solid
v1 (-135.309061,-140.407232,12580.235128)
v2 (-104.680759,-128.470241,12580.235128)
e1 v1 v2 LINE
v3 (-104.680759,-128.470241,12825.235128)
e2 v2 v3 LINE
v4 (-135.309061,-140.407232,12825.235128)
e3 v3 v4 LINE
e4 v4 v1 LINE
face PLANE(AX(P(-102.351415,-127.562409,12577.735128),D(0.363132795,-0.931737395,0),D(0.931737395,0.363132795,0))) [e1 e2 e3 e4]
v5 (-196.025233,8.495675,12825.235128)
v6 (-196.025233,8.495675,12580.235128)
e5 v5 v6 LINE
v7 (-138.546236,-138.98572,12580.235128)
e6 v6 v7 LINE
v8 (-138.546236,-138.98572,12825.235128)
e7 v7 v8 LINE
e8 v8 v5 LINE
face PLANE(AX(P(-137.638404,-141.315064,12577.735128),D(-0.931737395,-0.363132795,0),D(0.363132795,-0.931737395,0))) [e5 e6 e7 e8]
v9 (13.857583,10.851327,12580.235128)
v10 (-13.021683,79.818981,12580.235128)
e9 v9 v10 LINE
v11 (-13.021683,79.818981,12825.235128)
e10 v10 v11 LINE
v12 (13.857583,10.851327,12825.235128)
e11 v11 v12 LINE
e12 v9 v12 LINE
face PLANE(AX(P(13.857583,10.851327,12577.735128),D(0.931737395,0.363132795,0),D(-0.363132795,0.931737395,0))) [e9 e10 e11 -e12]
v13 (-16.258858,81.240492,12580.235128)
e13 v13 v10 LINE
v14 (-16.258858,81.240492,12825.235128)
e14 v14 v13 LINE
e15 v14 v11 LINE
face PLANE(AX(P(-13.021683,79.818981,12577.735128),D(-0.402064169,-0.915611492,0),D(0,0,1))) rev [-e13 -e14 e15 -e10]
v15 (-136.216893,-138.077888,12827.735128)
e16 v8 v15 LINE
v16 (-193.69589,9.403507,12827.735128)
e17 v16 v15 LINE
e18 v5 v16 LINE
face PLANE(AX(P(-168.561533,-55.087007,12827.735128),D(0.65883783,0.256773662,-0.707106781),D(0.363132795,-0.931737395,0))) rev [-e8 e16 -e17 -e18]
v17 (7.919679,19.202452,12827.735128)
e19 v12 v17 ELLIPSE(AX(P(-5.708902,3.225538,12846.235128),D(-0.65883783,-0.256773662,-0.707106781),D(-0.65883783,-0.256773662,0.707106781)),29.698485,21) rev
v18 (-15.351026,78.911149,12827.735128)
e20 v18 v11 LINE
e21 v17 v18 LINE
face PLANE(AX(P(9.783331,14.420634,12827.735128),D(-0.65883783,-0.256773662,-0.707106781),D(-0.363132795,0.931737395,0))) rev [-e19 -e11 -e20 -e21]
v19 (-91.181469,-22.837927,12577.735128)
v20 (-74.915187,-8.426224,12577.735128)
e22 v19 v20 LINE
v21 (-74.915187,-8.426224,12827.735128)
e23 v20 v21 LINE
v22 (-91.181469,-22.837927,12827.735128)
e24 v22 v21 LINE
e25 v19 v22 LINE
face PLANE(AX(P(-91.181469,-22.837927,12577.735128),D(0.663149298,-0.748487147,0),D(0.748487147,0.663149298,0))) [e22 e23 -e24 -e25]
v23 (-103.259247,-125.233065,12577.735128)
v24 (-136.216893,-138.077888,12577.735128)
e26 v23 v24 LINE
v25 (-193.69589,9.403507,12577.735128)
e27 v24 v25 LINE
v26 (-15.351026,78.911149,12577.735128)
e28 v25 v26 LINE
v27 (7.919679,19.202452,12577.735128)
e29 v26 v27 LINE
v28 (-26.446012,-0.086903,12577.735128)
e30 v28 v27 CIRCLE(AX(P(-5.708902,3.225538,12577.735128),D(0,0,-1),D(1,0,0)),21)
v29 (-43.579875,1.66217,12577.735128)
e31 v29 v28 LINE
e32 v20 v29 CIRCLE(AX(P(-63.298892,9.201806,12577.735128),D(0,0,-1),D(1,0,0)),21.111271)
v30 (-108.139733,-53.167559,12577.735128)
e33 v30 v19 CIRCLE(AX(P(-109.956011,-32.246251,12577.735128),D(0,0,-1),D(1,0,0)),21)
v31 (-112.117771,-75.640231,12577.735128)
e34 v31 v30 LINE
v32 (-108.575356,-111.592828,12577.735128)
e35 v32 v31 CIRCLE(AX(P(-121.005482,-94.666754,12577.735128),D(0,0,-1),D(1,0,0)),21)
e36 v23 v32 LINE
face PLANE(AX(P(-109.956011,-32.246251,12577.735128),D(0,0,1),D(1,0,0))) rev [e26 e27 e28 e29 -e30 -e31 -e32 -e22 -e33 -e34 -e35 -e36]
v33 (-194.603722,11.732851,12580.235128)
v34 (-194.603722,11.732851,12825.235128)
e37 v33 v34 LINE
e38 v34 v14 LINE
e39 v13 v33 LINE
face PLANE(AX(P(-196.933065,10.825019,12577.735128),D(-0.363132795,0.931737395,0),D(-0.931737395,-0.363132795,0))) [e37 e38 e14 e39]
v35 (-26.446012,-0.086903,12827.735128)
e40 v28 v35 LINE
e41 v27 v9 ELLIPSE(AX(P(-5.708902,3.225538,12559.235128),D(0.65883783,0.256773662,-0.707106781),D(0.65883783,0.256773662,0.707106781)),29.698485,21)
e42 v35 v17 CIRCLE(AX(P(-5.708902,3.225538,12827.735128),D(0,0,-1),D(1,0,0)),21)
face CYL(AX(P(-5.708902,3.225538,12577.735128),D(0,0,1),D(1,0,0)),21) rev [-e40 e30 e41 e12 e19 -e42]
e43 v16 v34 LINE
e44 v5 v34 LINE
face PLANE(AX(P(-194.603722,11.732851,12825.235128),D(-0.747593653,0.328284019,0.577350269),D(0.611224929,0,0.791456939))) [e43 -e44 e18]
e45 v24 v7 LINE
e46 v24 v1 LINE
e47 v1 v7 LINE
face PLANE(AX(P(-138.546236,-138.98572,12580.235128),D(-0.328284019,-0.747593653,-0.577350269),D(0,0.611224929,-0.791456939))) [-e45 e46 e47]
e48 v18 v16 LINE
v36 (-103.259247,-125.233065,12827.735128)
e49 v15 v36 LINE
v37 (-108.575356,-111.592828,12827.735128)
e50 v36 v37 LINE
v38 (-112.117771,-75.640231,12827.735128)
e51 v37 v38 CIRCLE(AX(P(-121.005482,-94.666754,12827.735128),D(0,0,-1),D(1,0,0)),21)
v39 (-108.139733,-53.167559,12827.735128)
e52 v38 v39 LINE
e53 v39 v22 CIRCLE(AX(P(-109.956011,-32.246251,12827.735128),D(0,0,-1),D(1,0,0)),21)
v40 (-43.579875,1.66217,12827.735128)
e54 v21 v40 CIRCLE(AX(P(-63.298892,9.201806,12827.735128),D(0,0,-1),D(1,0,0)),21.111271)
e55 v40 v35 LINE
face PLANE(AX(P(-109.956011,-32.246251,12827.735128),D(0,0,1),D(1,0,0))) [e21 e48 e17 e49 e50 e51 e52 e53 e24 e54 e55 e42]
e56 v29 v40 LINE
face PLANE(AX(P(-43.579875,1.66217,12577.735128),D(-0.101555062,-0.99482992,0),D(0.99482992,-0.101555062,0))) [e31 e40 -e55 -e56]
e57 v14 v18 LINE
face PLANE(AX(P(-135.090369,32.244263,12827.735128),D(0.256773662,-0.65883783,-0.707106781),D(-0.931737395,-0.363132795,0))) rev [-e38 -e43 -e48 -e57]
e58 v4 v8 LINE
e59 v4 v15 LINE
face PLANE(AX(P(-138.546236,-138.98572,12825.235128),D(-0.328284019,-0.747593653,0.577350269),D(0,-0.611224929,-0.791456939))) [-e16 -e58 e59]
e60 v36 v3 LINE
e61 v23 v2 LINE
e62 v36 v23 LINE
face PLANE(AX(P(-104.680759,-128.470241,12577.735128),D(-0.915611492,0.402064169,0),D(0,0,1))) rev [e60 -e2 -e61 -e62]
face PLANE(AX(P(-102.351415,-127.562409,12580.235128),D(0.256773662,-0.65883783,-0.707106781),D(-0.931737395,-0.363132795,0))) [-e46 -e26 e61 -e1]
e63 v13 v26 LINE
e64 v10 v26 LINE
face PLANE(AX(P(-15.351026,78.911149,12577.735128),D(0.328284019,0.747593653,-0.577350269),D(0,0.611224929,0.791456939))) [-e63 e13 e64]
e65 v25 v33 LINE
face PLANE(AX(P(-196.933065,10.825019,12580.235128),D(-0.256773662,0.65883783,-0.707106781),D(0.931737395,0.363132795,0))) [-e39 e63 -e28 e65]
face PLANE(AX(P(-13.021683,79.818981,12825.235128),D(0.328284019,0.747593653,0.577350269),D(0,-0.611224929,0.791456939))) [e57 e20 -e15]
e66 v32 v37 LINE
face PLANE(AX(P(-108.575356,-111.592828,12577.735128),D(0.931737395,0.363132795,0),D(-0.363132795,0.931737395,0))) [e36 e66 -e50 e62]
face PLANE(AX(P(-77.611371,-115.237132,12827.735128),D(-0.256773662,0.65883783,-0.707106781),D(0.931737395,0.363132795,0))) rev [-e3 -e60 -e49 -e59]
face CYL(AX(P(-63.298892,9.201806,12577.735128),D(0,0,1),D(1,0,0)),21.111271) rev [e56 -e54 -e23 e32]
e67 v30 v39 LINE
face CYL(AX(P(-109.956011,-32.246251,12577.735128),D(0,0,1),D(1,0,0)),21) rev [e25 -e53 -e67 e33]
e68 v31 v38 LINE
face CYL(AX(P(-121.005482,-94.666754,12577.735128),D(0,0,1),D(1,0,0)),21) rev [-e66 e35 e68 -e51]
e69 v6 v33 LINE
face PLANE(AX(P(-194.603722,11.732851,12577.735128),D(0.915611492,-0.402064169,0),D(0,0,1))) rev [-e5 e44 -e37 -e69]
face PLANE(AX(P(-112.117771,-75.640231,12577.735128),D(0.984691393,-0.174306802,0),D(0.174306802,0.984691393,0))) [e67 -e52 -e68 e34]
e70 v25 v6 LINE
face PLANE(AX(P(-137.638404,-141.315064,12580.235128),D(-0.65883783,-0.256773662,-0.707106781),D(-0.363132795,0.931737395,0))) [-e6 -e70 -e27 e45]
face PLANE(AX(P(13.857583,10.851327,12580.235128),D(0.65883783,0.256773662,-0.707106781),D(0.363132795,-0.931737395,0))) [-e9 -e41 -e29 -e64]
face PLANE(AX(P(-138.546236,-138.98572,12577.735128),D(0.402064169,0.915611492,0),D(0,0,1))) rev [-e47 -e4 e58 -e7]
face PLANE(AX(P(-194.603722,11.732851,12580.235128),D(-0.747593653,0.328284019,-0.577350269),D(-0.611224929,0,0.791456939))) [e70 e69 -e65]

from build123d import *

# Parameters (mm, degrees)
EXTRUDE_2_DEPTH = 250
CHAMFER_1_SIZE  = 2.5


with BuildPart() as part:
    # 草圖1 → 填料-伸長2 (new body)
    with BuildSketch(Plane(origin=(1e-09, -1e-09, 12827.735128457), x_dir=(1, 0, 0), z_dir=(0, 0, 1))):
        with BuildLine():
            Line((-112.117770632, -75.640230505), (-108.139732902, -53.167558993))
            ThreePointArc((-108.139732902, -53.167558993), (-128.285417164, -21.997695969), (-91.181469021, -22.837926636))
            Line((-91.181469021, -22.837926636), (-74.915186503, -8.426224475))
            ThreePointArc((-74.915186503, -8.426224475), (-69.768626313, 29.297285814), (-43.57987489, 1.662170304))
            Line((-43.57987489, 1.662170304), (-26.446012397, -0.086903016))
            ThreePointArc((-26.446012397, -0.086903016), (-11.209248537, 23.49241234), (13.857582965, 10.851326786))
            Line((13.857582965, 10.851326786), (-13.929514572, 82.148324057))
            Line((-13.929514572, 82.148324057), (-196.933065463, 10.825018546))
            Line((-196.933065463, 10.825018546), (-137.638404215, -141.315063571))
            Line((-137.638404215, -141.315063571), (-102.351415407, -127.562408658))
            Line((-102.351415407, -127.562408658), (-108.57535624, -111.5928281))
            ThreePointArc((-108.57535624, -111.5928281), (-141.904281803, -96.725915639), (-112.117770632, -75.640230505))
        make_face()
    extrude(amount=-EXTRUDE_2_DEPTH)

    # 導角1
    chamfer_1_edges = [part.edges().sort_by_distance(p)[0] for p in [
        (-119.99490981, -134.438736116, 12827.735128457),
        (-167.285734839, -65.245022514, 12827.735128457),
        (-105.431290017, 46.4866713, 12827.735128457),
        (-0.035965803, 46.49982542, 12827.735128457),
        (-0.035965803, 46.49982542, 12577.735128457),
        (-102.351415406, -127.562408659, 12702.735128457),
        (-137.638404215, -141.315063573, 12702.735128457),
        (-196.933065463, 10.825018545, 12702.735128457),
        (-13.929514572, 82.148324055, 12702.735128457),
        (-105.431290017, 46.4866713, 12577.735128457),
        (-167.285734839, -65.245022514, 12577.735128457),
        (-119.99490981, -134.438736116, 12577.735128457),
    ]]
    chamfer(chamfer_1_edges, length=CHAMFER_1_SIZE)


solid = part.part
